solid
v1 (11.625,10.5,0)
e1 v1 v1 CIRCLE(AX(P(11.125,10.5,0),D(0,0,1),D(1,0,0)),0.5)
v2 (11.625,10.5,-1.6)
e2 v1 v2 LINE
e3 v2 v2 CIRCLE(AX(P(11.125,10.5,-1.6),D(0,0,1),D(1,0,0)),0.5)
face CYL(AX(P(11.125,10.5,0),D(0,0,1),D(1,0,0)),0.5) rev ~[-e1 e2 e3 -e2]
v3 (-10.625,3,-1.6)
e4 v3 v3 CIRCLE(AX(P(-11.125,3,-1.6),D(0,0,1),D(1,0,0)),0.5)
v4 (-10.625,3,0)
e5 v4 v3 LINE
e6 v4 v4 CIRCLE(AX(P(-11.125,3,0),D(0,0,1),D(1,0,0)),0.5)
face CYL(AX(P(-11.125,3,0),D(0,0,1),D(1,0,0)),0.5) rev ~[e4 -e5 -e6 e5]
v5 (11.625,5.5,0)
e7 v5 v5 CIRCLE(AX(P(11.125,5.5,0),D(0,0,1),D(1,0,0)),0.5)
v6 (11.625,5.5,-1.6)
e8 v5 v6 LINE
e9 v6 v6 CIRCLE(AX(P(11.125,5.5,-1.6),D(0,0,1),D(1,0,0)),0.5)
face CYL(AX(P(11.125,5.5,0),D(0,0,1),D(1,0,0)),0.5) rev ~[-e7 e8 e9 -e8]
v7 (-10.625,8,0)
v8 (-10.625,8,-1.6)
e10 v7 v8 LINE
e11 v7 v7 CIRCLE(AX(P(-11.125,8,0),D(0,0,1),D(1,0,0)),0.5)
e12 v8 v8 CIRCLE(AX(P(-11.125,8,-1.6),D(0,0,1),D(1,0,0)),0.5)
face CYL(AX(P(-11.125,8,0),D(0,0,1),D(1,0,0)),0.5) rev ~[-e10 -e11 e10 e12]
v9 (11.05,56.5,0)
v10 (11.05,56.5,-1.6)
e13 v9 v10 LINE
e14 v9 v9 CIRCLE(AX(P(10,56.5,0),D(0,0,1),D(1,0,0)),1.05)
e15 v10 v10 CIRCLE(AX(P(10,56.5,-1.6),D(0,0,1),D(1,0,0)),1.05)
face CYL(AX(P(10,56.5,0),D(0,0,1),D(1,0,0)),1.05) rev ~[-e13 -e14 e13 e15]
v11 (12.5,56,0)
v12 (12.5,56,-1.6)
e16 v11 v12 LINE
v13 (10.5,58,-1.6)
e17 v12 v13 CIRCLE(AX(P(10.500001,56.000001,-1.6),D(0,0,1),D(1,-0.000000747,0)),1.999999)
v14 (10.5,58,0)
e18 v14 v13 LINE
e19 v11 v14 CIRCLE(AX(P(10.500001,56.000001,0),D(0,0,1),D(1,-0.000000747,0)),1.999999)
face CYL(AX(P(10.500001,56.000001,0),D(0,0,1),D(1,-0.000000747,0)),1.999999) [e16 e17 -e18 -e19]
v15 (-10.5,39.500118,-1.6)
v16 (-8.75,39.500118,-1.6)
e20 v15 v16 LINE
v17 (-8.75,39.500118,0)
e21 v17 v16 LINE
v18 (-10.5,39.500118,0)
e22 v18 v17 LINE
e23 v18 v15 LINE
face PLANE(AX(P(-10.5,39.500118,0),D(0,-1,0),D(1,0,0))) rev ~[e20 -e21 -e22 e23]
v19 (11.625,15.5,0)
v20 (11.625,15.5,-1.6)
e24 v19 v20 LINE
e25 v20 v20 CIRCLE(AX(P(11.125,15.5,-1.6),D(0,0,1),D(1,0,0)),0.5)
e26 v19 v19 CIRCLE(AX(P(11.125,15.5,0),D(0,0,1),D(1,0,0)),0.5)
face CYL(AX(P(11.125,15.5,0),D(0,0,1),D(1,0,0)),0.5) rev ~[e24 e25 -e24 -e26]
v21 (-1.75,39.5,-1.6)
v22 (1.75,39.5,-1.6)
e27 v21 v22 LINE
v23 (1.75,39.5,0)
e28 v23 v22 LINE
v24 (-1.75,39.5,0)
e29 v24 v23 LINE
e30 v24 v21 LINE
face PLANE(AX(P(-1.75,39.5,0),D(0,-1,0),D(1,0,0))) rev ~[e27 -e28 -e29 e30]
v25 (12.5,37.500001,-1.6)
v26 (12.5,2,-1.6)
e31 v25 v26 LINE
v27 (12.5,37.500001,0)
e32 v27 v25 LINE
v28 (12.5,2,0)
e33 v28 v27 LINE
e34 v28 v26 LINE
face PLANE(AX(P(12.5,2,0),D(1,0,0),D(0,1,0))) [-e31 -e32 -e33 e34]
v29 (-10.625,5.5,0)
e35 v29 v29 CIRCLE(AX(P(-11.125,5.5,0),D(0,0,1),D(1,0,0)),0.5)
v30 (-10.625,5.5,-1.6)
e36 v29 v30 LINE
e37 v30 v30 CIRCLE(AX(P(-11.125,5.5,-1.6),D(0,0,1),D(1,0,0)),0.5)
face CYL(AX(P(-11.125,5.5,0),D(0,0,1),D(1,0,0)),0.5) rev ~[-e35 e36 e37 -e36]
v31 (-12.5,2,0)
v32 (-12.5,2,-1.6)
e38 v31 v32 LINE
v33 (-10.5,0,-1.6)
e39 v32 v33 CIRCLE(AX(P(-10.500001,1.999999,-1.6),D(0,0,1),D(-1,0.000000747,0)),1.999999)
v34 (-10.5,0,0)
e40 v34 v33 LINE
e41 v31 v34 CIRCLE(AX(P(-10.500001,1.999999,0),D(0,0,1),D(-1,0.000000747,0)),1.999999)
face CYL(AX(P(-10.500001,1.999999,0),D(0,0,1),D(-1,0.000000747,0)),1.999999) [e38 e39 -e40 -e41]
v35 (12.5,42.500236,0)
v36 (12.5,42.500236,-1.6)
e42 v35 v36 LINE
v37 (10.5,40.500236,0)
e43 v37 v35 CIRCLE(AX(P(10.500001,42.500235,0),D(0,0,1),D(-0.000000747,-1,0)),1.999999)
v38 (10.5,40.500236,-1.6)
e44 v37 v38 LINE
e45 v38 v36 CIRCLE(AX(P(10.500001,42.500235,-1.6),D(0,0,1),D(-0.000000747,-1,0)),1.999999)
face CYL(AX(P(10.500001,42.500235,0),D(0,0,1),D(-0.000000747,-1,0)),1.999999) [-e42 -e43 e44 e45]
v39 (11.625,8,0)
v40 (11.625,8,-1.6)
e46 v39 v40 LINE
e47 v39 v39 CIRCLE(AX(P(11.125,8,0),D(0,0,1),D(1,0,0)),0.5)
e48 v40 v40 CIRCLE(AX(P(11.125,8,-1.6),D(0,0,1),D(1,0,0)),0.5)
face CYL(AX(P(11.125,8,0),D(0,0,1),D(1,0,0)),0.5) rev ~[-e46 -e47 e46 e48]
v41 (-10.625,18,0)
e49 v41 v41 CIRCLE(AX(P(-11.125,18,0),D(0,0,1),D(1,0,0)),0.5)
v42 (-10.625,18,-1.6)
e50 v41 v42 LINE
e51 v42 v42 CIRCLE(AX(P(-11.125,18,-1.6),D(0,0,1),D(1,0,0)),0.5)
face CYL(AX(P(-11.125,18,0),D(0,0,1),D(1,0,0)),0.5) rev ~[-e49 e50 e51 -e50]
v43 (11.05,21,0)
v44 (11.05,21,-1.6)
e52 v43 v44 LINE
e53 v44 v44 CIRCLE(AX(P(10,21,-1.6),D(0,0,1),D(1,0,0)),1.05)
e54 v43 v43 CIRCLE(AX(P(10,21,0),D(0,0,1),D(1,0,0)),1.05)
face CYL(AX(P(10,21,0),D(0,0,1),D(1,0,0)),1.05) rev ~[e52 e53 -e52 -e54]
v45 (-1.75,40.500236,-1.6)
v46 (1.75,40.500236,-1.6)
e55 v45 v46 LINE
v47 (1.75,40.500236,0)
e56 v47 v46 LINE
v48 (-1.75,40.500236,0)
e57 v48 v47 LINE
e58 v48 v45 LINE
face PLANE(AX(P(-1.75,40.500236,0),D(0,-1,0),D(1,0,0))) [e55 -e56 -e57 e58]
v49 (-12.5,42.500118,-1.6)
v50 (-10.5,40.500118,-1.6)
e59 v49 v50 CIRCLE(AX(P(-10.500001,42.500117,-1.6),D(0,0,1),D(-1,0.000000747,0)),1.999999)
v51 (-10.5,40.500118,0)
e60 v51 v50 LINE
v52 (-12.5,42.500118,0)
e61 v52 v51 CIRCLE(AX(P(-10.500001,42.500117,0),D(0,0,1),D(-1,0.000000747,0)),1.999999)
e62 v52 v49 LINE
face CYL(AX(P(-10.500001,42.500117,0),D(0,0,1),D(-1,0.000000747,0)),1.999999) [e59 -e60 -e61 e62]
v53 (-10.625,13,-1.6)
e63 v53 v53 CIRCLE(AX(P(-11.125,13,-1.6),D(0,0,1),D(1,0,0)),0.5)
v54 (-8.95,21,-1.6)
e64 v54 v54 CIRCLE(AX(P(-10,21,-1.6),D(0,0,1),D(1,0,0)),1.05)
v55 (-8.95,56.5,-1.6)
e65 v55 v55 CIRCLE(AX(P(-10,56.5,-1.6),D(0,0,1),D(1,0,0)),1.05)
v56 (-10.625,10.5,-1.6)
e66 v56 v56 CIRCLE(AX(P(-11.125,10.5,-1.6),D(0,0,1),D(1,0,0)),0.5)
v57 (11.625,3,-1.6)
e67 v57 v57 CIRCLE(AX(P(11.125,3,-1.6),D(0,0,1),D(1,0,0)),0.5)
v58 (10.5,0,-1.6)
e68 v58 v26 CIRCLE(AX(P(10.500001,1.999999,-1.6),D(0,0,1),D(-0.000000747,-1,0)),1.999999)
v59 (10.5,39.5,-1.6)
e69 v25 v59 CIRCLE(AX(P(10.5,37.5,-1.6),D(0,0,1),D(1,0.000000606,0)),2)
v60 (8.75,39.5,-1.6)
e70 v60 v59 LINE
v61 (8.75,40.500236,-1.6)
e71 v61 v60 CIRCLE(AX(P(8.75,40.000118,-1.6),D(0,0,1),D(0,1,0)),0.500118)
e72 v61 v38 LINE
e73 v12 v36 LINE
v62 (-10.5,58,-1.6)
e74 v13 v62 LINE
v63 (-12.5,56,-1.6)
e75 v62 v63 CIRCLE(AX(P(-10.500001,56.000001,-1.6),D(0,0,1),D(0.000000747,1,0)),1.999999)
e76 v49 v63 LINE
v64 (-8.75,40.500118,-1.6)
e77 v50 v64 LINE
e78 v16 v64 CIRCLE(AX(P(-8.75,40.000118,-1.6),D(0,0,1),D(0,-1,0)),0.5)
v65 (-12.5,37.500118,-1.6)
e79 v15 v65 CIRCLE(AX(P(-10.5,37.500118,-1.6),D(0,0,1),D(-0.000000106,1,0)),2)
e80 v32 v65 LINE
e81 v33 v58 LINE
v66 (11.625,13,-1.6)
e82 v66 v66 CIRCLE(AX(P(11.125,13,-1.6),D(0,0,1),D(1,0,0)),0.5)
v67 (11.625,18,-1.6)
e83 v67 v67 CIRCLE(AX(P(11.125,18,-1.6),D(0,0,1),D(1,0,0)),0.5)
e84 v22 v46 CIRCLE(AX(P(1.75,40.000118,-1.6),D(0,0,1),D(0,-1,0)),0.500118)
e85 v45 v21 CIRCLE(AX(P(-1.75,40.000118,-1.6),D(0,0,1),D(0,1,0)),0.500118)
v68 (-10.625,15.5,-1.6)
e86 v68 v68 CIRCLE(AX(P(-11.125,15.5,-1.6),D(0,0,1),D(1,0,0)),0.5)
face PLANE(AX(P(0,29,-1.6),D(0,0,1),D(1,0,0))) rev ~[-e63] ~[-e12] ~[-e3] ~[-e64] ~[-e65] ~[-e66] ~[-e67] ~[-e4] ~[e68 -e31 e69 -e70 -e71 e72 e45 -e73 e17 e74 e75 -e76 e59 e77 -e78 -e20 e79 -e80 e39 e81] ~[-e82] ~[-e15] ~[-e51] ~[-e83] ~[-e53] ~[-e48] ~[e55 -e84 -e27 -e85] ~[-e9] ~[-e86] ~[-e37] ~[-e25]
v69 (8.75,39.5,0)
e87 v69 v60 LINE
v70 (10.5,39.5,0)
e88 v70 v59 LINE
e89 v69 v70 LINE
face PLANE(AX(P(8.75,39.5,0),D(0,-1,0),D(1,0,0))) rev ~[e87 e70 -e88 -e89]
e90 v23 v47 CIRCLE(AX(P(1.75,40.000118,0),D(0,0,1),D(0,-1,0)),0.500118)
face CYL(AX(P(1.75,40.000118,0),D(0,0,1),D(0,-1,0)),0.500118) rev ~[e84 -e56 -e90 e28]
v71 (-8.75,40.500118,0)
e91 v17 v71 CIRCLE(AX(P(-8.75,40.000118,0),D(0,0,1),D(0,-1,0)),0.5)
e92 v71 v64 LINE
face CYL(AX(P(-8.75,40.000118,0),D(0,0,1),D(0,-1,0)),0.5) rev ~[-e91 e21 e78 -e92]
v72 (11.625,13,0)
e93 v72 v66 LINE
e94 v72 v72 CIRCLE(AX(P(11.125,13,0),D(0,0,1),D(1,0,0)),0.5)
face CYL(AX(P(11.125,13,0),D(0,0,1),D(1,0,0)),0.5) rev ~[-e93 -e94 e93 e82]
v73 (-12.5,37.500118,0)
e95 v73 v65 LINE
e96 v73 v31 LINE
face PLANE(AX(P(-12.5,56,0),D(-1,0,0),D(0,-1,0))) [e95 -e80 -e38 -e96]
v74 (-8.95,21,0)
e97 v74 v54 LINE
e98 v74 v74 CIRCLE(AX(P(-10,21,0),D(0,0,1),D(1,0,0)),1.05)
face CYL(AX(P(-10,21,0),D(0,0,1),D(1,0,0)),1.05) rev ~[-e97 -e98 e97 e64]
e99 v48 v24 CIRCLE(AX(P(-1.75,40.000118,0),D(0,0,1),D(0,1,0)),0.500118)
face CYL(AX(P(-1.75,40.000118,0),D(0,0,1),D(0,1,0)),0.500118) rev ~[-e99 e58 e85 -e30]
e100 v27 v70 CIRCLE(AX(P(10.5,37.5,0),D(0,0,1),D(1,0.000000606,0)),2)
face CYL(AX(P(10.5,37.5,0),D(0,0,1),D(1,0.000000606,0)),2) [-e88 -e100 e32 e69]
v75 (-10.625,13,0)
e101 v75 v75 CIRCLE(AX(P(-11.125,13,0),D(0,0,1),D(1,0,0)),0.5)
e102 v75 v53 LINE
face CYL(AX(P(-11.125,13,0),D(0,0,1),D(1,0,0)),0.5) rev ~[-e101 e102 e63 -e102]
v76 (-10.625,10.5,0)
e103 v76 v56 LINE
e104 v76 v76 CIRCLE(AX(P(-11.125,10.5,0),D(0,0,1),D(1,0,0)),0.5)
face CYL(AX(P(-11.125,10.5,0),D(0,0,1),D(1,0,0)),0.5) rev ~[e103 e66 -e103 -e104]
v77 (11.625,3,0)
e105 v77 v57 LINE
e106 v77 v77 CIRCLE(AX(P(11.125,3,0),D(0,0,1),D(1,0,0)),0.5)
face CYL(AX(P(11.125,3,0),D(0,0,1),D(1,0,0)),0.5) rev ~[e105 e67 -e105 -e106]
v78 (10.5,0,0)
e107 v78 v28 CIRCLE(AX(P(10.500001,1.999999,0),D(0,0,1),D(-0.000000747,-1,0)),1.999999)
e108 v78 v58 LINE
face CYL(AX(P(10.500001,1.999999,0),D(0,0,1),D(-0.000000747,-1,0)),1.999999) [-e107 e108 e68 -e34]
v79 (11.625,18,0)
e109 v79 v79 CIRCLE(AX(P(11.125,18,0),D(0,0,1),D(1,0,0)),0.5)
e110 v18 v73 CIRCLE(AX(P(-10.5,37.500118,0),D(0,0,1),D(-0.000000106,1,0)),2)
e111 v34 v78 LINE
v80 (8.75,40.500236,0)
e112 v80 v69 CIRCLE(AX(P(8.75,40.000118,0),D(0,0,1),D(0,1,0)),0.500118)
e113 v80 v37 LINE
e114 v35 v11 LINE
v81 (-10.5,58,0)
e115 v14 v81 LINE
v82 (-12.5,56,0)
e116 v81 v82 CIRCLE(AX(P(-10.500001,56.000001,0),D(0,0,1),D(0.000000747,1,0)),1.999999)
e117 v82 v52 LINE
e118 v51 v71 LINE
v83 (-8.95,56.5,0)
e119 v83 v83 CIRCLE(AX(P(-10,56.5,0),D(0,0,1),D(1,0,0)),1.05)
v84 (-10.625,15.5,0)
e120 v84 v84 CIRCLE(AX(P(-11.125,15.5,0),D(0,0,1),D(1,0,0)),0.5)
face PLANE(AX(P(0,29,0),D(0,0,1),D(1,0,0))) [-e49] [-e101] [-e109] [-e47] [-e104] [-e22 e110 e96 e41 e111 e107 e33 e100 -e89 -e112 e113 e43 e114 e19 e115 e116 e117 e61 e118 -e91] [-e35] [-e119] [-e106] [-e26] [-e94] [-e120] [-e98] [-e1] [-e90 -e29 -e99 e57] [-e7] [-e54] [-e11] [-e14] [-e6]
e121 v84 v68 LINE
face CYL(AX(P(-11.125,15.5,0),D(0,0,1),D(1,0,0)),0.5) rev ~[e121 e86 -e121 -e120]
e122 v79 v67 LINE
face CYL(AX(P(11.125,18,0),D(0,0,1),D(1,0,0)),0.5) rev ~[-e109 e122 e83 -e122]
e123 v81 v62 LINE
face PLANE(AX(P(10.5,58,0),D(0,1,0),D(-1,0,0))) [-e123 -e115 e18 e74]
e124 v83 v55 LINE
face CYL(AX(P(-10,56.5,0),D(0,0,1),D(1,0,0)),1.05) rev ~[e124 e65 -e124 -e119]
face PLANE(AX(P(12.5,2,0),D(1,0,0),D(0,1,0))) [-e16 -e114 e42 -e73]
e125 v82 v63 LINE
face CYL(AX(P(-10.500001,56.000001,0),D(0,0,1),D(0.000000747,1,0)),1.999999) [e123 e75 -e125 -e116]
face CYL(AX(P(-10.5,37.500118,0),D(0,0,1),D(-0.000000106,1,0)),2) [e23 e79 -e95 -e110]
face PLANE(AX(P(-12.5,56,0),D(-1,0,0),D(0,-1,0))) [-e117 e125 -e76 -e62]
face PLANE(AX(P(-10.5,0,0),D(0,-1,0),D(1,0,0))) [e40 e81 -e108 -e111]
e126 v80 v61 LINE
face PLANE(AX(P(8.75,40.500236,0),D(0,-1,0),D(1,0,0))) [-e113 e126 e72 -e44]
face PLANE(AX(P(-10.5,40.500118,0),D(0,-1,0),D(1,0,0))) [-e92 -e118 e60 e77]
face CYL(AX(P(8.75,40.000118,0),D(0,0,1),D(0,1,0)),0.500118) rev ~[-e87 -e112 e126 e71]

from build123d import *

# Parameters (mm, degrees)
PAD_DEPTH       = 1.6
SKETCH001_R     = 0.5
POCKET_DEPTH    = 1.601
SKETCH002_R     = 1.05
POCKET001_DEPTH = 1.601
POCKET002_DEPTH = 1.601


with BuildPart() as part:
    # Sketch → Pad (new body)
    with BuildSketch(Plane.XY):
        with BuildLine():
            Line((-10.5, 0), (10.5, 0))
            ThreePointArc((10.5, 0), (11.914214, 0.585786), (12.5, 2))
            Line((12.5, 2), (12.5, 56))
            ThreePointArc((12.5, 56), (11.914214, 57.414214), (10.5, 58))
            Line((10.5, 58), (-10.5, 58))
            ThreePointArc((-10.5, 58), (-11.914214, 57.414214), (-12.5, 56))
            Line((-12.5, 56), (-12.5, 2))
            ThreePointArc((-12.5, 2), (-11.914214, 0.585786), (-10.5, 0))
        make_face()
    extrude(amount=-PAD_DEPTH)

    # Sketch001 → Pocket (cut, through all)
    with BuildSketch(Plane.XY):
        with Locations((-11.125, 3)):
            Circle(SKETCH001_R)
        with Locations((11.125, 3)):
            Circle(SKETCH001_R)
        with Locations((-11.125, 5.5)):
            Circle(SKETCH001_R)
        with Locations((-11.125, 8)):
            Circle(SKETCH001_R)
        with Locations((-11.125, 10.5)):
            Circle(SKETCH001_R)
        with Locations((-11.125, 13)):
            Circle(SKETCH001_R)
        with Locations((-11.125, 15.5)):
            Circle(SKETCH001_R)
        with Locations((-11.125, 18)):
            Circle(SKETCH001_R)
        with Locations((11.125, 18)):
            Circle(SKETCH001_R)
        with Locations((11.125, 15.5)):
            Circle(SKETCH001_R)
        with Locations((11.125, 13)):
            Circle(SKETCH001_R)
        with Locations((11.125, 10.5)):
            Circle(SKETCH001_R)
        with Locations((11.125, 8)):
            Circle(SKETCH001_R)
        with Locations((11.125, 5.5)):
            Circle(SKETCH001_R)
    extrude(amount=-POCKET_DEPTH, mode=Mode.SUBTRACT)

    # Sketch002 → Pocket001 (cut, through all)
    with BuildSketch(Plane.XY):
        with Locations((-10, 21)):
            Circle(SKETCH002_R)
        with Locations((10, 21)):
            Circle(SKETCH002_R)
        with Locations((10, 56.5)):
            Circle(SKETCH002_R)
        with Locations((-10, 56.5)):
            Circle(SKETCH002_R)
    extrude(amount=-POCKET001_DEPTH, mode=Mode.SUBTRACT)

    # Sketch003 → Pocket002 (cut, through all)
    with BuildSketch(Plane.XY):
        with BuildLine():
            ThreePointArc((-1.75, 40.500236), (-2.250118, 40.000118), (-1.75, 39.5))
            Line((-1.75, 39.5), (1.75, 39.5))
            ThreePointArc((1.75, 39.5), (2.250118, 40.000118), (1.75, 40.500236))
            Line((-1.75, 40.500236), (1.75, 40.500236))
        make_face()
        with BuildLine():
            ThreePointArc((8.75, 40.500236), (8.249882, 40.000118), (8.75, 39.5))
            Line((8.75, 39.5), (10.5, 39.5))
            ThreePointArc((12.5, 37.500001), (11.914213, 38.914214), (10.5, 39.5))
            Line((12.5, 35.000118), (12.5, 37.500001))
            Line((22.5, 35.000118), (12.5, 35.000118))
            Line((22.5, 45.000118), (22.5, 35.000118))
            Line((12.5, 45.000118), (22.5, 45.000118))
            Line((12.5, 42.500236), (12.5, 45.000118))
            ThreePointArc((10.5, 40.500236), (11.914214, 41.086022), (12.5, 42.500236))
            Line((8.75, 40.500236), (10.5, 40.500236))
        make_face()
        with BuildLine():
            ThreePointArc((-8.75, 39.500118), (-8.25, 40.000118), (-8.75, 40.500118))
            Line((-10.5, 40.500118), (-8.75, 40.500118))
            ThreePointArc((-12.5, 42.500118), (-11.914214, 41.085904), (-10.5, 40.500118))
            Line((-12.5, 42.500118), (-12.5, 45.000118))
            Line((-12.5, 45.000118), (-22.5, 45.000118))
            Line((-22.5, 45.000118), (-22.5, 35.000118))
            Line((-22.5, 35.000118), (-12.5, 35.000118))
            Line((-12.5, 35.000118), (-12.5, 37.500118))
            ThreePointArc((-10.5, 39.500118), (-11.914214, 38.914331), (-12.5, 37.500118))
            Line((-10.5, 39.500118), (-8.75, 39.500118))
        make_face()
    extrude(amount=-POCKET002_DEPTH, mode=Mode.SUBTRACT)


solid = part.part
